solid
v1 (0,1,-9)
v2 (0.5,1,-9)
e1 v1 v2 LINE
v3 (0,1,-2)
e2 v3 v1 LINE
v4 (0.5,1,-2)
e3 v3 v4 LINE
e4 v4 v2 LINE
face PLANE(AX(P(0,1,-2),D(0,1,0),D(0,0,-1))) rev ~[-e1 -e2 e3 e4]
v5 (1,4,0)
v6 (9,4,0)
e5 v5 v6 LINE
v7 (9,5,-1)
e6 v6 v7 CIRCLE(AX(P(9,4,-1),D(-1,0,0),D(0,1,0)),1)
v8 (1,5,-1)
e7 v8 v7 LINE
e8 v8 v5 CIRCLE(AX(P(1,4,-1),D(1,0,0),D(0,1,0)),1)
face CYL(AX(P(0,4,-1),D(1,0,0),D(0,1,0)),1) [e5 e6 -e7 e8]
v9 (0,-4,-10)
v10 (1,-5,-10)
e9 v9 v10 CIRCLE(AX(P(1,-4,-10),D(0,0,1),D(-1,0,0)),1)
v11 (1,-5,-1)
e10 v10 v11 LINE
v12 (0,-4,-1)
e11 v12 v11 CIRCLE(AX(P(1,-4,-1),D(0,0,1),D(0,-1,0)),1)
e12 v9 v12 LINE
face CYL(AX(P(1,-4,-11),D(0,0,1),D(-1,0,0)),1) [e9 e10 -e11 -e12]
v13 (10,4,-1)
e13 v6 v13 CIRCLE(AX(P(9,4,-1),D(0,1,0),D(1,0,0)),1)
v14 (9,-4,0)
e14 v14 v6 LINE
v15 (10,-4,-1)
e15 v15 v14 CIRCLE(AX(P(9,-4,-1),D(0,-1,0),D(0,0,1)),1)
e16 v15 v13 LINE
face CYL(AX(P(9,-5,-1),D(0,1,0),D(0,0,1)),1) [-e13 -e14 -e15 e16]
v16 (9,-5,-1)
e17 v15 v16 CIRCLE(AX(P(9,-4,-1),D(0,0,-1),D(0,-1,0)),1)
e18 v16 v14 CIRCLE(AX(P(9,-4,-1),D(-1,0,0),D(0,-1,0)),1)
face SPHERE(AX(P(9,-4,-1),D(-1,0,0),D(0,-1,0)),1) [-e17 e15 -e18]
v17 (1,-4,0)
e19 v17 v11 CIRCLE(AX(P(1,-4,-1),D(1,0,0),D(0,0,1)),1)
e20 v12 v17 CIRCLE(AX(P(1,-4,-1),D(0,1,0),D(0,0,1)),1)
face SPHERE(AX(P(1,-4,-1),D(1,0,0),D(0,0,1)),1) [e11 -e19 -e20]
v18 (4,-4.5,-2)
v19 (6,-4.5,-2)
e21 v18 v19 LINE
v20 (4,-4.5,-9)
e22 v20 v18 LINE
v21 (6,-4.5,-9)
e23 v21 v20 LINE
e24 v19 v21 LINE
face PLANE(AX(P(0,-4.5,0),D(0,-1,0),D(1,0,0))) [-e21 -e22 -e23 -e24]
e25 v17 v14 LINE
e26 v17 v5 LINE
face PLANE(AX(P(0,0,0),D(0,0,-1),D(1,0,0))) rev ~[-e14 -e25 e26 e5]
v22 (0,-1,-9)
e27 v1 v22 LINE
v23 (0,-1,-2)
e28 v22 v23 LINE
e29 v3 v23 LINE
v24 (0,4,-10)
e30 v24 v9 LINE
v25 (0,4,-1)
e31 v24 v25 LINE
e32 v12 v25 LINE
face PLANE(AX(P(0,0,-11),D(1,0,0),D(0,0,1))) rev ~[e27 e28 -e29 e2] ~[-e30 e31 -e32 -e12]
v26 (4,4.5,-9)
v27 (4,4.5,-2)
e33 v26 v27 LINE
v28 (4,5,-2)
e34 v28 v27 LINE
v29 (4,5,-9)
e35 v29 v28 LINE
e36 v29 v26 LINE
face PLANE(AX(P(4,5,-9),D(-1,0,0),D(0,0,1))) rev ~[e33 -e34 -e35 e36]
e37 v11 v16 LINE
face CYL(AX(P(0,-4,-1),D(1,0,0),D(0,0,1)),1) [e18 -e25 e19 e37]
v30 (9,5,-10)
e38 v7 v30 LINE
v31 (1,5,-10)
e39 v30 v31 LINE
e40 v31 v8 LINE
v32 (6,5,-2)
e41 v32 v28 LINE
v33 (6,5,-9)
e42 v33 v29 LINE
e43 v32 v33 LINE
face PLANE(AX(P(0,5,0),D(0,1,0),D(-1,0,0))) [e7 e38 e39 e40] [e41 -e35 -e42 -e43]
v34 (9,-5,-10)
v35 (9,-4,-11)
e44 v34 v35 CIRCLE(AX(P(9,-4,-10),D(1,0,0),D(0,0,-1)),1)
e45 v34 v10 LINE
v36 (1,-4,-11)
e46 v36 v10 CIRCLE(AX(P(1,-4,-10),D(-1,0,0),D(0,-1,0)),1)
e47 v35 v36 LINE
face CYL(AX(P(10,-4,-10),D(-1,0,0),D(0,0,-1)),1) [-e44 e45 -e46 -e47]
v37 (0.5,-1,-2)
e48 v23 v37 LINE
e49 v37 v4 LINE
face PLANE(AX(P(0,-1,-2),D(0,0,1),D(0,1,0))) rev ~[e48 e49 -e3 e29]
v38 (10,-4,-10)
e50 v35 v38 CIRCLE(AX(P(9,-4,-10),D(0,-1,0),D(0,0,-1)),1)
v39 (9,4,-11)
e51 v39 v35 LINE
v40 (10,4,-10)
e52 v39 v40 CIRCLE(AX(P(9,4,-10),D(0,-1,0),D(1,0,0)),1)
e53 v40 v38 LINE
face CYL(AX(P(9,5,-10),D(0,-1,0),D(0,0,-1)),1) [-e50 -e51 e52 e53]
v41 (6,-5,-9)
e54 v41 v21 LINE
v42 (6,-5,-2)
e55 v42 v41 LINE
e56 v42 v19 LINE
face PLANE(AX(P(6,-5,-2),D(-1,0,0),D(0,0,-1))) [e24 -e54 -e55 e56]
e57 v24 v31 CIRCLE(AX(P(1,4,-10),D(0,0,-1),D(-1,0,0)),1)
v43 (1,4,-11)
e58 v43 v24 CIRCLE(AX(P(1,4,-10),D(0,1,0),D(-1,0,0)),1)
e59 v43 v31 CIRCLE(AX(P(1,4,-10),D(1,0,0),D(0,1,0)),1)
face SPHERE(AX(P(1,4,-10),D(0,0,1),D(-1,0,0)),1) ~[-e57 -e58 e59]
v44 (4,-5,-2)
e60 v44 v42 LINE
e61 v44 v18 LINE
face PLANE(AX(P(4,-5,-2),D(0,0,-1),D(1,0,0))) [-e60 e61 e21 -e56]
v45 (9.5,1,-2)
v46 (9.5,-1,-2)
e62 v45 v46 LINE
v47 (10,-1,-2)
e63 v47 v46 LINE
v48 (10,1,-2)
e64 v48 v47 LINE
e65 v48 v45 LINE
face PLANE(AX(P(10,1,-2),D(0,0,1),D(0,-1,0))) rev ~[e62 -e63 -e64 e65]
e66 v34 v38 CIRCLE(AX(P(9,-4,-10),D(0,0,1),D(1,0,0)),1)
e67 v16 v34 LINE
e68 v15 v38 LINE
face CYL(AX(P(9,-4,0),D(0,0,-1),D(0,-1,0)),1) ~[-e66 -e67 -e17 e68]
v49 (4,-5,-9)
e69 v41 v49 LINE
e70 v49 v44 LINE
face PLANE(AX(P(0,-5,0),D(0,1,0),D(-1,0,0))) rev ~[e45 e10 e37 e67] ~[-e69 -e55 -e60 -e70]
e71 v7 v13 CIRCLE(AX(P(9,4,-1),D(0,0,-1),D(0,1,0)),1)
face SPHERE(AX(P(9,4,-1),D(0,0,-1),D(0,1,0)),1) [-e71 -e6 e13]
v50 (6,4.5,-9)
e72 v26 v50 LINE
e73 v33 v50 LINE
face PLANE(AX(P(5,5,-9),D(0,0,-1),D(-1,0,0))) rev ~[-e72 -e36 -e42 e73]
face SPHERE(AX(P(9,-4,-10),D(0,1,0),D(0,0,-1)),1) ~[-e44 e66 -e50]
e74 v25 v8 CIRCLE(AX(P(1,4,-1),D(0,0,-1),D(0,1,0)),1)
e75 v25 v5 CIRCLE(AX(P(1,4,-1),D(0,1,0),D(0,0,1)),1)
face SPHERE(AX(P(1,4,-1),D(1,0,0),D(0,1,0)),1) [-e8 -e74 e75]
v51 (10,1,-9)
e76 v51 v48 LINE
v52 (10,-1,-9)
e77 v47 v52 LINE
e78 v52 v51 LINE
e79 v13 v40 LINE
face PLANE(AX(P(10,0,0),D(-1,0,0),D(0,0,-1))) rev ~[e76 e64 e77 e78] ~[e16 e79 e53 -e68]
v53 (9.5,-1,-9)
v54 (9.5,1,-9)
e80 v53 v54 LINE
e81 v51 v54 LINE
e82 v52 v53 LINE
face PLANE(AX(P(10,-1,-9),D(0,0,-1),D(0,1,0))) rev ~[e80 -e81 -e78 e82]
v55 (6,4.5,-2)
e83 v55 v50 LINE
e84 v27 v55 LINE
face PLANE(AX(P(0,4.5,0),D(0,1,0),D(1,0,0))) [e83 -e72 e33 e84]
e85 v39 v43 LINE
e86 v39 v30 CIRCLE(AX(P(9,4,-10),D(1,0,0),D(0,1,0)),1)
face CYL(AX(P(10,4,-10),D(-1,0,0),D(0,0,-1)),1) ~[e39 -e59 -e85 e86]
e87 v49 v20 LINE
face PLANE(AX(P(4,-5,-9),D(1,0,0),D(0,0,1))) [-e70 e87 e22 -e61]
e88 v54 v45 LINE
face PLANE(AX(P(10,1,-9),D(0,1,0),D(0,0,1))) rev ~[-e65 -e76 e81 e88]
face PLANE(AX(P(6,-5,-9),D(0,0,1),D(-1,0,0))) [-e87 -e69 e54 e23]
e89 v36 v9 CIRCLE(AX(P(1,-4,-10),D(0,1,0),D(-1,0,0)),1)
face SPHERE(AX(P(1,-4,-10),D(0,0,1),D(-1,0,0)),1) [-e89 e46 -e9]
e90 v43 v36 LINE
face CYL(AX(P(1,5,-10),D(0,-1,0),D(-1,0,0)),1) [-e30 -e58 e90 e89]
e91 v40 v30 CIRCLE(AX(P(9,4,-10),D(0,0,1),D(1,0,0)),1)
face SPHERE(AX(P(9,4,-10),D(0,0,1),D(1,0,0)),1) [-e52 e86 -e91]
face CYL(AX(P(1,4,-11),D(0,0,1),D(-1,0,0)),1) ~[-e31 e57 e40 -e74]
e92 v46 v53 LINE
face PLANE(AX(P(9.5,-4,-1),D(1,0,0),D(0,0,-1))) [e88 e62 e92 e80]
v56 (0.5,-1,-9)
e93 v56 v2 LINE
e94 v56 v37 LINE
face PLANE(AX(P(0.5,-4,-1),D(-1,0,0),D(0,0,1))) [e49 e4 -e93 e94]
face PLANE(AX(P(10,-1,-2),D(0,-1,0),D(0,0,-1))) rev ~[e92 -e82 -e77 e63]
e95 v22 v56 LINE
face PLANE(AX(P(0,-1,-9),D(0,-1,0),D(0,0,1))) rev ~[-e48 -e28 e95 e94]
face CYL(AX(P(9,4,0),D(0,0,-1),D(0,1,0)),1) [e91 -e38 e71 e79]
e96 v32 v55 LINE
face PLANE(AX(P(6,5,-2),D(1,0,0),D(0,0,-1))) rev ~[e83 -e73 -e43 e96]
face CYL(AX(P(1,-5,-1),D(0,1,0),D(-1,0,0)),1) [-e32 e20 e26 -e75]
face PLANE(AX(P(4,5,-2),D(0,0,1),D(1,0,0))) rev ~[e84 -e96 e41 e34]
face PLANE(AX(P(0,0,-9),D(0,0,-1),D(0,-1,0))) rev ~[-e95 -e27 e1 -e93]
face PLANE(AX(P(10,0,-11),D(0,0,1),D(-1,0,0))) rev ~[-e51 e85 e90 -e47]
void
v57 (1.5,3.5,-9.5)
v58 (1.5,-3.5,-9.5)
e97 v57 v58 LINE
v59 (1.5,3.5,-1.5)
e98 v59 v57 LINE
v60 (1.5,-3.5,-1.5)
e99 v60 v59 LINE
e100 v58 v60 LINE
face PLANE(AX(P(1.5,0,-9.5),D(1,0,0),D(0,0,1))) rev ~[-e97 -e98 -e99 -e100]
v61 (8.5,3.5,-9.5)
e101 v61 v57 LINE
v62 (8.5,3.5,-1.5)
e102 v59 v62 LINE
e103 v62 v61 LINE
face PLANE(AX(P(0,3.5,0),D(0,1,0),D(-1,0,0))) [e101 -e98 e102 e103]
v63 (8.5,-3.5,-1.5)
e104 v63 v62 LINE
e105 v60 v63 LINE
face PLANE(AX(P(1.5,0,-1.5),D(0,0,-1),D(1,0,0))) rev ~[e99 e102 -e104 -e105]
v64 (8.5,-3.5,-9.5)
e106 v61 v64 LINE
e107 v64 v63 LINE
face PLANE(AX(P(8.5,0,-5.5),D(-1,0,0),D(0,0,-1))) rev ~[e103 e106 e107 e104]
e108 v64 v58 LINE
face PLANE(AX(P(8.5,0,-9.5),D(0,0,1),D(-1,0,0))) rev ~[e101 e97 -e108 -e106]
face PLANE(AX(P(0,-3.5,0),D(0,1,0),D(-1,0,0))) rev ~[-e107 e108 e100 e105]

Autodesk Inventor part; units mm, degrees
ref_plane "YZ Plane" through (0, 0, 0) normal (1, 0, 0) x (0, 1, 0)
ref_plane "XZ Plane" through (0, 0, 0) normal (0, 1, 0) x (-1, 0, 0)
ref_plane "XY Plane" through (0, 0, 0) normal (0, 0, 1) x (1, 0, 0)
sketch "Эскиз1" plane through (0, 0, 0) normal (0, 1, 0) x (-1, 0, 0)
  line L0 (0, 0) -> (-10, 0)
  line L1 (-10, 0) -> (-10, -11)
  line L2 (-10, -11) -> (0, -11)
  line L3 (0, -11) -> (0, 0)
  dimension "d0" = 10
  dimension "d1" = 11
extrude "Выдавливание1" add sketch "Эскиз1" along normal mid plane 10
sketch "Эскиз2" plane through (0, 0, 0) normal (0, 1, 0) x (-1, 0, 0)
  line L0 (0, -11) -> (0, 0) projected
  line L1 (0, -5.5) -> (-10, -5.5)
  line L2 (-10, 0) -> (-10, -11) projected
  line L3 (-1.5, -1.5) -> (-8.5, -1.5)
  line L4 (-8.5, -1.5) -> (-8.5, -9.5)
  line L5 (-8.5, -9.5) -> (-1.5, -9.5)
  line L6 (-1.5, -9.5) -> (-1.5, -1.5)
  line L7 (-1.5, -1.5) -> (-8.5, -9.5) construction
  line L8 (-8.5, -1.5) -> (-1.5, -9.5) construction
  point P0 (-5, -5.5)
  dimension "d4" = 7
  dimension "d5" = 8
extrude "Выдавливание2" cut sketch "Эскиз2" along normal mid plane 7
fillet "Сопряжение1" radius 1 12 edges at (10, 5, -5.5) (5, -5, 0) (5, 5, 0) (0, 5, -5.5) (0, 0, 0) (0, -5, -5.5) (0, 0, -11) (10, 0, -11) (5, 5, -11) (5, -5, -11) (10, -5, -5.5) (10, 0, 0)
sketch "Эскиз3" plane through (0, -4, -1) normal (-1, 0, 0) x (0, 0, 1)
  line L0 (0, 0) -> (0, 8) projected
  line L1 (0, 4) -> (-9, 4)
  line L2 (-9, 0) -> (-9, 8) projected
  line L3 (-1, 5) -> (-8, 5)
  line L4 (-8, 5) -> (-8, 3)
  line L5 (-8, 3) -> (-1, 3)
  line L6 (-1, 3) -> (-1, 5)
  line L7 (-1, 5) -> (-8, 3) construction
  line L8 (-8, 5) -> (-1, 3) construction
  point P0 (1, 4)
  point P1 (-4.5, 4)
sketch "Эскиз6" plane through (10, -4, -1) normal (1, 0, 0) x (0, 0, -1)
  line L0 (1, 3) -> (8, 3) projected
  line L1 (1, 5) -> (1, 3) projected
  line L2 (8, 5) -> (1, 5) projected
  line L3 (8, 3) -> (8, 5) projected
  point P0 (-1, 4)
sketch "Эскиз7" plane through (0, 5, 0) normal (0, 1, 0) x (1, 0, 0)
  line L0 (9, 1) -> (1, 1) projected
  line L1 (5, 1) -> (5, 10)
  line L2 (9, 10) -> (1, 10) projected
  line L3 (4, 2) -> (6, 2)
  line L4 (6, 2) -> (6, 9)
  line L5 (6, 9) -> (4, 9)
  line L6 (4, 9) -> (4, 2)
  line L7 (4, 2) -> (6, 9) construction
  line L8 (6, 2) -> (4, 9) construction
  point P0 (0, 0)
  point P1 (5, 5.5)
sketch "Эскиз8" plane through (0, -5, 0) normal (0, -1, 0) x (1, 0, 0)
  line L0 (4, -9) -> (4, -2) projected
  line L1 (6, -9) -> (4, -9) projected
  line L2 (6, -2) -> (6, -9) projected
  line L3 (4, -2) -> (6, -2) projected
  point P0 (0, 0)
extrude "Выдавливание5" cut sketch "Эскиз7" against normal blind 0.5
extrude "Выдавливание6" cut sketch "Эскиз3" against normal blind 0.5
extrude "Выдавливание7" cut sketch "Эскиз8" against normal blind 0.5
extrude "Выдавливание8" cut sketch "Эскиз6" against normal blind 0.5
properties part number "cube"
